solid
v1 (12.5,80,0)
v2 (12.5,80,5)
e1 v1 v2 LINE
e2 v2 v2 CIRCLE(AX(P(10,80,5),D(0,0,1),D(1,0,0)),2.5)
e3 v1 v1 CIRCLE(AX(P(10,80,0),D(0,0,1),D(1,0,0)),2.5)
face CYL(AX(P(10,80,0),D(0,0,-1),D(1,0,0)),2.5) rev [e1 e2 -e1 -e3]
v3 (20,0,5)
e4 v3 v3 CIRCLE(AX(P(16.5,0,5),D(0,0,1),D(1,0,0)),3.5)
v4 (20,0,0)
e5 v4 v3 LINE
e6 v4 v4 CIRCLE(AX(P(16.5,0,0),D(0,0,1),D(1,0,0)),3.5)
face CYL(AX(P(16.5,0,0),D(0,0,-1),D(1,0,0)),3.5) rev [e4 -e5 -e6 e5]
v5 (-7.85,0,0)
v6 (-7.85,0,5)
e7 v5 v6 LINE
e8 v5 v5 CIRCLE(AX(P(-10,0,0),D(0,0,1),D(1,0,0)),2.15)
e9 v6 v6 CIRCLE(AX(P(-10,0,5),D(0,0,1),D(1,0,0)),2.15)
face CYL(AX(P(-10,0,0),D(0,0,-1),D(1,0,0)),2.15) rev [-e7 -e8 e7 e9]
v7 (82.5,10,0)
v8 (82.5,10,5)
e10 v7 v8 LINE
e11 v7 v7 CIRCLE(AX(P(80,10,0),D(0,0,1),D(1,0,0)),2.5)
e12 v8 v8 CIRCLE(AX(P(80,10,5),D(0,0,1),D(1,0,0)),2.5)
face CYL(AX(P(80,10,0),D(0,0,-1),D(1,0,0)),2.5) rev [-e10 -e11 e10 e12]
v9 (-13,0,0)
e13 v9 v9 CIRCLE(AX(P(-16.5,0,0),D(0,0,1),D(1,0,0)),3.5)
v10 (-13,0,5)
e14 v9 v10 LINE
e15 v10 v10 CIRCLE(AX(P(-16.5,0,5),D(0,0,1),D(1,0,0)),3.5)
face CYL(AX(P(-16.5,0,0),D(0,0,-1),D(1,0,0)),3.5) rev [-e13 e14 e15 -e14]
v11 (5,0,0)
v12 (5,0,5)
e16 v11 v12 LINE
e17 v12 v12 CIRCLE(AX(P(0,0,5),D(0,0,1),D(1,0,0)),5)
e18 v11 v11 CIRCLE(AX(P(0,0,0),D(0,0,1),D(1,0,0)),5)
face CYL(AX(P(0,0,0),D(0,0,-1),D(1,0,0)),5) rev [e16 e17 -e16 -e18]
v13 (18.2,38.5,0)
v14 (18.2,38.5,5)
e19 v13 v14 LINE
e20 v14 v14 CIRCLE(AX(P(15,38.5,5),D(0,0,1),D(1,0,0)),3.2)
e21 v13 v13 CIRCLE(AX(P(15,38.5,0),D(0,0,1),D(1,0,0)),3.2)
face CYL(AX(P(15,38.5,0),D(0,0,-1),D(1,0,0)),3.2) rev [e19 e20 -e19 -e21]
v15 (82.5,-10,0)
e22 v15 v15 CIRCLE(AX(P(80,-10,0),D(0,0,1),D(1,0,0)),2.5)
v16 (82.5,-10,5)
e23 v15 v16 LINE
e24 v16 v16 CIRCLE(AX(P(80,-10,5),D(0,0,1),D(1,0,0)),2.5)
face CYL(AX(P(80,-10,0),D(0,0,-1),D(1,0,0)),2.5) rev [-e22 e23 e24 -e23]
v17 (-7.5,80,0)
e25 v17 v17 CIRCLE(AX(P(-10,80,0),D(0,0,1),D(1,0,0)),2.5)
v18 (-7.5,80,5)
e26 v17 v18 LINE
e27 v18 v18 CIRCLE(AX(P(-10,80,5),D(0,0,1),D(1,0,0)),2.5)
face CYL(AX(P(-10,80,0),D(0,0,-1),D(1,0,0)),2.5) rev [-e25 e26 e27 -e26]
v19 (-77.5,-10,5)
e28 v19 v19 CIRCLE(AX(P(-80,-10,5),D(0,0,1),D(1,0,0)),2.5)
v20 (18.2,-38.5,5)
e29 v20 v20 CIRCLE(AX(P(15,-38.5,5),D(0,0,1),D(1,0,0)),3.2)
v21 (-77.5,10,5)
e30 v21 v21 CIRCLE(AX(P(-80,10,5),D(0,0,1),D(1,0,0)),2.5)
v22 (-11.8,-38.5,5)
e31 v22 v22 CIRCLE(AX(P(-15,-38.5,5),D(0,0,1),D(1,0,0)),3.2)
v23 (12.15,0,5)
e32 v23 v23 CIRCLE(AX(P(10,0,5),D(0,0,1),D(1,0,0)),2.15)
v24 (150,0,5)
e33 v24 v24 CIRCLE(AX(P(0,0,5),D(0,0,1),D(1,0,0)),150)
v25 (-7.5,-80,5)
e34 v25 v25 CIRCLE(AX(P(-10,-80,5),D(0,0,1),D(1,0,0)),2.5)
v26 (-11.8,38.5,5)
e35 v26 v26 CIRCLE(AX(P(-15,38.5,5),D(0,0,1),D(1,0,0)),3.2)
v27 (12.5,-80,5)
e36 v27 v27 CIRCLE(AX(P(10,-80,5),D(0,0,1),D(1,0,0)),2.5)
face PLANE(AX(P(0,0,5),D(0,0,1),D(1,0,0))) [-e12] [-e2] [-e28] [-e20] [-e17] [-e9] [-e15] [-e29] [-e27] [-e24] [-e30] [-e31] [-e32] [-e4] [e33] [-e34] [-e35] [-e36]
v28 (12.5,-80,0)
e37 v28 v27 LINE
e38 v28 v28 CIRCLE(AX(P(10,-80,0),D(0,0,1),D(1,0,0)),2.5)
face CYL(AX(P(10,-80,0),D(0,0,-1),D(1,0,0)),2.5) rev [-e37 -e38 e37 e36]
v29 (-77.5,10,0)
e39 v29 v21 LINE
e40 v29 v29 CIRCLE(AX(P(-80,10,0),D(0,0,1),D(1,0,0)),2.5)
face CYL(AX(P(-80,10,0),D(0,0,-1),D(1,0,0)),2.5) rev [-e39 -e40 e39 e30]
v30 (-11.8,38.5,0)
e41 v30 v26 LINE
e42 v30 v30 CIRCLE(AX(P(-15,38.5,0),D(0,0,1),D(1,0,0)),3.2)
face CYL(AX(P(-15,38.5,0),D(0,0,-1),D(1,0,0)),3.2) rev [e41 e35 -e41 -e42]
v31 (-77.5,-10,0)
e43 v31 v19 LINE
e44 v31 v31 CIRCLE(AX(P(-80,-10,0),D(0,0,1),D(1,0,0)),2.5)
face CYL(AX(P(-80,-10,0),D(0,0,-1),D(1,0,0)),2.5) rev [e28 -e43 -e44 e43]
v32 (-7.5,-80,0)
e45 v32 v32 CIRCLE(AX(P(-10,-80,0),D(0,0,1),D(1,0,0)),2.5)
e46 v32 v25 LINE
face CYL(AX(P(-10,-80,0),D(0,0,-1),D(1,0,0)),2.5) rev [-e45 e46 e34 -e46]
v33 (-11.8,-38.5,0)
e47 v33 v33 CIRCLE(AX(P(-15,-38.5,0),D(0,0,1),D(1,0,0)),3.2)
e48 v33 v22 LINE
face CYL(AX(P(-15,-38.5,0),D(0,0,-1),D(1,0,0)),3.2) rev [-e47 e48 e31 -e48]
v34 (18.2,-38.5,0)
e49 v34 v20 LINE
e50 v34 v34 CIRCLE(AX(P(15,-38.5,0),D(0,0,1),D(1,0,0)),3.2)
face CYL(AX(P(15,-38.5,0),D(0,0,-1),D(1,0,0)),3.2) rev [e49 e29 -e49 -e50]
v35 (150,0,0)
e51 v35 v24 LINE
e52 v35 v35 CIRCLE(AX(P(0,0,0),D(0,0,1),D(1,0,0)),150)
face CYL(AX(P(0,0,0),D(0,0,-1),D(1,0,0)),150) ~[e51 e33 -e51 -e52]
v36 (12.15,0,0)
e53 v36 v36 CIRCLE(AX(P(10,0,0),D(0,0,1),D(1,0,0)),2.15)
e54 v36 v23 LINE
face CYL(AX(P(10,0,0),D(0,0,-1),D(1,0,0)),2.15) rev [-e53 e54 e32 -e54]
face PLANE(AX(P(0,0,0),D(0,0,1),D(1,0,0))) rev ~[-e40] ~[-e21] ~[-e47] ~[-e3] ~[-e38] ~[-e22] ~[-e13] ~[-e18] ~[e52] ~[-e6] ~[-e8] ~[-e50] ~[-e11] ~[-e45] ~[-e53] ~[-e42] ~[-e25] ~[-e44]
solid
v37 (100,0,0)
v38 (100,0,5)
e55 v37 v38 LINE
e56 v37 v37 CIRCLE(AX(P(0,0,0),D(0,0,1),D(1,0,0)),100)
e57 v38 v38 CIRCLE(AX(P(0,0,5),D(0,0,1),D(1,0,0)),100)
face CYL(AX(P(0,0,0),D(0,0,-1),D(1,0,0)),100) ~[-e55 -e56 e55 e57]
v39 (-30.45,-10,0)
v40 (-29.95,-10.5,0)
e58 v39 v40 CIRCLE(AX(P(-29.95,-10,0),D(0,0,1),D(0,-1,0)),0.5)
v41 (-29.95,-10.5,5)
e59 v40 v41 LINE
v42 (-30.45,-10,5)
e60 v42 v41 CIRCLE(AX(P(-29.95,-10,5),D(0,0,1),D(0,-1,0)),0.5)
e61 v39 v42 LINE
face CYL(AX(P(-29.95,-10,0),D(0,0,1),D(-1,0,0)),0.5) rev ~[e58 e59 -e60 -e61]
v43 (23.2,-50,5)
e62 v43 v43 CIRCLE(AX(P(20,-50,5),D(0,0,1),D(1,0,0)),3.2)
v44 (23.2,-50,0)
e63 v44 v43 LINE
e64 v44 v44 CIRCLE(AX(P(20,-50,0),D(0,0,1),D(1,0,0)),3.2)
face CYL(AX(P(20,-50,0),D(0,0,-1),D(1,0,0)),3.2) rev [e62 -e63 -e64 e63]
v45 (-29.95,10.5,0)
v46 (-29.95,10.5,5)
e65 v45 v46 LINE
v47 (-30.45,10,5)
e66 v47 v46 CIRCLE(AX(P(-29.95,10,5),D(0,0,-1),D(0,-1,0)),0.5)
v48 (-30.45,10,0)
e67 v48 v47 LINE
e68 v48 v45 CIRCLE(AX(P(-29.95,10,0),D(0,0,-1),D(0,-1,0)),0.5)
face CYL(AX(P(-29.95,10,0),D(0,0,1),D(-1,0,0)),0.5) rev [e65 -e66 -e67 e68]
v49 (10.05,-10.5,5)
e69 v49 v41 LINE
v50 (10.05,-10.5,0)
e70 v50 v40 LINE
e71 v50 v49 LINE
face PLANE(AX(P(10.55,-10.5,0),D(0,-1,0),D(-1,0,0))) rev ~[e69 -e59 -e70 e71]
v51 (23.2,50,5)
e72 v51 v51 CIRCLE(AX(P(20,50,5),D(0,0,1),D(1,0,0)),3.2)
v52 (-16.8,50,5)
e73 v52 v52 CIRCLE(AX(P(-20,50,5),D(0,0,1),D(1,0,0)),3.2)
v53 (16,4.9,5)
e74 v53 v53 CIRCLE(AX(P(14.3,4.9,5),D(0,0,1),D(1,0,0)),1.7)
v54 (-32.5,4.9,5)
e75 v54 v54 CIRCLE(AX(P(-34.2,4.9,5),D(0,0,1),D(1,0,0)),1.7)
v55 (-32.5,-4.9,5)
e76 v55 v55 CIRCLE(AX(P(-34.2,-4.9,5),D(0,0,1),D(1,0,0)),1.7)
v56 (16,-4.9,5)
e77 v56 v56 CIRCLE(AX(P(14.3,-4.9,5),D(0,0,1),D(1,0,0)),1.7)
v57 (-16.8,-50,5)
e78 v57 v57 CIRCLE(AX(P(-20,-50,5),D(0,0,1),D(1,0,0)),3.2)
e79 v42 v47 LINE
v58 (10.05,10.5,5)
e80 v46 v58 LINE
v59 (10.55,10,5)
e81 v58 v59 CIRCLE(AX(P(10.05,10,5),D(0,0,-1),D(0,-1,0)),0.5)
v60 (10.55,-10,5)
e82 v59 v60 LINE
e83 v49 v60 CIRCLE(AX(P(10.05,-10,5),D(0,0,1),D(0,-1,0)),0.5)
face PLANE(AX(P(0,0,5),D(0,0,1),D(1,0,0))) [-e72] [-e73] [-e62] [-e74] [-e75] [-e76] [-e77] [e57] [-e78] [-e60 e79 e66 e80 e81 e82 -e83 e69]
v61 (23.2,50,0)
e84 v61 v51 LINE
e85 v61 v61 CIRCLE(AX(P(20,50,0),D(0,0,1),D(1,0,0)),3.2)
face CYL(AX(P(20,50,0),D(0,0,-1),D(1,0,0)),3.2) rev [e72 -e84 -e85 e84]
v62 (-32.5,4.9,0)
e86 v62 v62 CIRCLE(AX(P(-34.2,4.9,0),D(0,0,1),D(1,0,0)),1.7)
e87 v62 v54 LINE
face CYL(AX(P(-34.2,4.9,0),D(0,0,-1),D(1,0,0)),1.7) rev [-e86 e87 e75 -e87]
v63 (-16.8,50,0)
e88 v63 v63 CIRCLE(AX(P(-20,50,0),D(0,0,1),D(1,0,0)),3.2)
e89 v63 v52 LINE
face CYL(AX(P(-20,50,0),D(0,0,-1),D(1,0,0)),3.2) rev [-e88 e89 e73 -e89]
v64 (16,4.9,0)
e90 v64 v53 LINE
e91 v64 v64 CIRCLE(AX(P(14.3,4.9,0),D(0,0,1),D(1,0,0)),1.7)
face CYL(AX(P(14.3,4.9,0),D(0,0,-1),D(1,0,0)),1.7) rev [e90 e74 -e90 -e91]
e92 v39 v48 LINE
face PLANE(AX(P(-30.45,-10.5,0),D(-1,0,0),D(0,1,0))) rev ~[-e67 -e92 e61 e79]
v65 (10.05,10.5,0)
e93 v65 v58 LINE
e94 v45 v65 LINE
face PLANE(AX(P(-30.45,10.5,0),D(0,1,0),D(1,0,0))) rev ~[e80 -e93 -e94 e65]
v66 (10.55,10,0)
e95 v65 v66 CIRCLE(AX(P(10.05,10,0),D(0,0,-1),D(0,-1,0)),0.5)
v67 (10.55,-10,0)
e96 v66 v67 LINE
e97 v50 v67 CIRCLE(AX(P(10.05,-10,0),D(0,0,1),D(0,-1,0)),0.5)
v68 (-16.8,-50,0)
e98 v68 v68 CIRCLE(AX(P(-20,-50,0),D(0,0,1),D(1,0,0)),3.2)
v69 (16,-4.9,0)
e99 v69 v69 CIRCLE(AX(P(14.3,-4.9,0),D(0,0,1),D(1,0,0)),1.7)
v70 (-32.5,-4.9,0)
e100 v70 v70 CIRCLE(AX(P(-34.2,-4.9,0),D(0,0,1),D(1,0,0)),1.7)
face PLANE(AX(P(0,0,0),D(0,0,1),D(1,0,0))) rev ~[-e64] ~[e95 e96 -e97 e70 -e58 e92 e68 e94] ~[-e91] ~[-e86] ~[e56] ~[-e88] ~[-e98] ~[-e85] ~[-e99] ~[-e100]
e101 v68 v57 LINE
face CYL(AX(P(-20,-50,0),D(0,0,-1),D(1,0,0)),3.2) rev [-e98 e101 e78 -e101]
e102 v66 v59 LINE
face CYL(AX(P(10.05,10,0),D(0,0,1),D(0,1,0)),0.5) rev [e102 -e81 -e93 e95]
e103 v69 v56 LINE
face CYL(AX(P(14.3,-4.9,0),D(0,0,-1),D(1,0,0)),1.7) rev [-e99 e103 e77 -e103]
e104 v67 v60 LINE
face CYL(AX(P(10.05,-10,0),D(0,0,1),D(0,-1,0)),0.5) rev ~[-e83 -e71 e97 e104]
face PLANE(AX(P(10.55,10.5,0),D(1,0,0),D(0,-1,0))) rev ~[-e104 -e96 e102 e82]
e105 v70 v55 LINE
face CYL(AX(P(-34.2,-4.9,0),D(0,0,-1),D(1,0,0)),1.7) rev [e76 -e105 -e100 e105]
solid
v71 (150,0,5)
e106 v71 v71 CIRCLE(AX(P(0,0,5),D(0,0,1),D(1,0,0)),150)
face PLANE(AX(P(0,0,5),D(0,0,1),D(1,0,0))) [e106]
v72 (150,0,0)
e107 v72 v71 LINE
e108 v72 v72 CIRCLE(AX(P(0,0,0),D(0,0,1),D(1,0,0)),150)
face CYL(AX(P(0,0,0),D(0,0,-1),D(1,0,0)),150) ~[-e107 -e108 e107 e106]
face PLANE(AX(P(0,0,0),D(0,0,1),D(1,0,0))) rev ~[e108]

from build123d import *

# Parameters (mm, degrees)
F0_R     = 150
F1_DEPTH = 5
F2_R     = 150
F2_R_2   = 2.5
F2_R_3   = 3.2
F2_R_4   = 3.5
F2_R_5   = 2.15
F2_R_6   = 5
F3_DEPTH = 5
F4_R     = 100
F4_R_2   = 3.2
F4_R_3   = 1.7
F5_DEPTH = 5
F6_R     = 0.5


with BuildPart() as f1:
    # F0 (on Top) → F1 (new body)
    with BuildSketch(Plane.XY):
        Circle(F0_R)
    extrude(amount=F1_DEPTH)


with BuildPart() as f3:
    # F2 (on Top) → F3 (new body)
    with BuildSketch(Plane.XY):
        Circle(F2_R)
        with Locations((-10, -80)):
            Circle(F2_R_2, mode=Mode.SUBTRACT)
        with Locations((-80, -10)):
            Circle(F2_R_2, mode=Mode.SUBTRACT)
        with Locations((-15, -38.5)):
            Circle(F2_R_3, mode=Mode.SUBTRACT)
        with Locations((10, -80)):
            Circle(F2_R_2, mode=Mode.SUBTRACT)
        with Locations((15, -38.5)):
            Circle(F2_R_3, mode=Mode.SUBTRACT)
        with Locations((80, -10)):
            Circle(F2_R_2, mode=Mode.SUBTRACT)
        with Locations((-80, 10)):
            Circle(F2_R_2, mode=Mode.SUBTRACT)
        with Locations((-16.5, 0)):
            Circle(F2_R_4, mode=Mode.SUBTRACT)
        with Locations((-10, 0)):
            Circle(F2_R_5, mode=Mode.SUBTRACT)
        with Locations((-15, 38.5)):
            Circle(F2_R_3, mode=Mode.SUBTRACT)
        with Locations((-10, 80)):
            Circle(F2_R_2, mode=Mode.SUBTRACT)
        Circle(F2_R_6, mode=Mode.SUBTRACT)
        with Locations((10, 0)):
            Circle(F2_R_5, mode=Mode.SUBTRACT)
        with Locations((16.5, 0)):
            Circle(F2_R_4, mode=Mode.SUBTRACT)
        with Locations((15, 38.5)):
            Circle(F2_R_3, mode=Mode.SUBTRACT)
        with Locations((80, 10)):
            Circle(F2_R_2, mode=Mode.SUBTRACT)
        with Locations((10, 80)):
            Circle(F2_R_2, mode=Mode.SUBTRACT)
    extrude(amount=F3_DEPTH)


with BuildPart() as f5:
    # F4 (on Top) → F5 (new body)
    with BuildSketch(Plane.XY):
        Circle(F4_R)
        with Locations((-20, -50)):
            Circle(F4_R_2, mode=Mode.SUBTRACT)
        with Locations((-34.2, -4.9)):
            Circle(F4_R_3, mode=Mode.SUBTRACT)
        with Locations((20, -50)):
            Circle(F4_R_2, mode=Mode.SUBTRACT)
        with Locations((14.3, -4.9)):
            Circle(F4_R_3, mode=Mode.SUBTRACT)
        with Locations((-34.2, 4.9)):
            Circle(F4_R_3, mode=Mode.SUBTRACT)
        Polygon((-30.45, 1.5), (-30.45, 10.5), (-9.95, 10.5), (10.55, 10.5), (10.55, 1.5), (10.55, -1.5), (10.55, -10.5), (-9.95, -10.5), (-30.45, -10.5), (-30.45, -1.5), align=None, mode=Mode.SUBTRACT)
        with Locations((-20, 50)):
            Circle(F4_R_2, mode=Mode.SUBTRACT)
        with Locations((14.3, 4.9)):
            Circle(F4_R_3, mode=Mode.SUBTRACT)
        with Locations((20, 50)):
            Circle(F4_R_2, mode=Mode.SUBTRACT)
    extrude(amount=F5_DEPTH)

    # F6
    f6_edges = [f5.edges().sort_by_distance(p)[0] for p in [
        (-30.45, 10.5, 2.5),
        (-30.45, -10.5, 2.5),
        (10.55, -10.5, 2.5),
        (10.55, 10.5, 2.5),
    ]]
    fillet(f6_edges, radius=F6_R)


solid = Compound([f1.part, f3.part, f5.part])
